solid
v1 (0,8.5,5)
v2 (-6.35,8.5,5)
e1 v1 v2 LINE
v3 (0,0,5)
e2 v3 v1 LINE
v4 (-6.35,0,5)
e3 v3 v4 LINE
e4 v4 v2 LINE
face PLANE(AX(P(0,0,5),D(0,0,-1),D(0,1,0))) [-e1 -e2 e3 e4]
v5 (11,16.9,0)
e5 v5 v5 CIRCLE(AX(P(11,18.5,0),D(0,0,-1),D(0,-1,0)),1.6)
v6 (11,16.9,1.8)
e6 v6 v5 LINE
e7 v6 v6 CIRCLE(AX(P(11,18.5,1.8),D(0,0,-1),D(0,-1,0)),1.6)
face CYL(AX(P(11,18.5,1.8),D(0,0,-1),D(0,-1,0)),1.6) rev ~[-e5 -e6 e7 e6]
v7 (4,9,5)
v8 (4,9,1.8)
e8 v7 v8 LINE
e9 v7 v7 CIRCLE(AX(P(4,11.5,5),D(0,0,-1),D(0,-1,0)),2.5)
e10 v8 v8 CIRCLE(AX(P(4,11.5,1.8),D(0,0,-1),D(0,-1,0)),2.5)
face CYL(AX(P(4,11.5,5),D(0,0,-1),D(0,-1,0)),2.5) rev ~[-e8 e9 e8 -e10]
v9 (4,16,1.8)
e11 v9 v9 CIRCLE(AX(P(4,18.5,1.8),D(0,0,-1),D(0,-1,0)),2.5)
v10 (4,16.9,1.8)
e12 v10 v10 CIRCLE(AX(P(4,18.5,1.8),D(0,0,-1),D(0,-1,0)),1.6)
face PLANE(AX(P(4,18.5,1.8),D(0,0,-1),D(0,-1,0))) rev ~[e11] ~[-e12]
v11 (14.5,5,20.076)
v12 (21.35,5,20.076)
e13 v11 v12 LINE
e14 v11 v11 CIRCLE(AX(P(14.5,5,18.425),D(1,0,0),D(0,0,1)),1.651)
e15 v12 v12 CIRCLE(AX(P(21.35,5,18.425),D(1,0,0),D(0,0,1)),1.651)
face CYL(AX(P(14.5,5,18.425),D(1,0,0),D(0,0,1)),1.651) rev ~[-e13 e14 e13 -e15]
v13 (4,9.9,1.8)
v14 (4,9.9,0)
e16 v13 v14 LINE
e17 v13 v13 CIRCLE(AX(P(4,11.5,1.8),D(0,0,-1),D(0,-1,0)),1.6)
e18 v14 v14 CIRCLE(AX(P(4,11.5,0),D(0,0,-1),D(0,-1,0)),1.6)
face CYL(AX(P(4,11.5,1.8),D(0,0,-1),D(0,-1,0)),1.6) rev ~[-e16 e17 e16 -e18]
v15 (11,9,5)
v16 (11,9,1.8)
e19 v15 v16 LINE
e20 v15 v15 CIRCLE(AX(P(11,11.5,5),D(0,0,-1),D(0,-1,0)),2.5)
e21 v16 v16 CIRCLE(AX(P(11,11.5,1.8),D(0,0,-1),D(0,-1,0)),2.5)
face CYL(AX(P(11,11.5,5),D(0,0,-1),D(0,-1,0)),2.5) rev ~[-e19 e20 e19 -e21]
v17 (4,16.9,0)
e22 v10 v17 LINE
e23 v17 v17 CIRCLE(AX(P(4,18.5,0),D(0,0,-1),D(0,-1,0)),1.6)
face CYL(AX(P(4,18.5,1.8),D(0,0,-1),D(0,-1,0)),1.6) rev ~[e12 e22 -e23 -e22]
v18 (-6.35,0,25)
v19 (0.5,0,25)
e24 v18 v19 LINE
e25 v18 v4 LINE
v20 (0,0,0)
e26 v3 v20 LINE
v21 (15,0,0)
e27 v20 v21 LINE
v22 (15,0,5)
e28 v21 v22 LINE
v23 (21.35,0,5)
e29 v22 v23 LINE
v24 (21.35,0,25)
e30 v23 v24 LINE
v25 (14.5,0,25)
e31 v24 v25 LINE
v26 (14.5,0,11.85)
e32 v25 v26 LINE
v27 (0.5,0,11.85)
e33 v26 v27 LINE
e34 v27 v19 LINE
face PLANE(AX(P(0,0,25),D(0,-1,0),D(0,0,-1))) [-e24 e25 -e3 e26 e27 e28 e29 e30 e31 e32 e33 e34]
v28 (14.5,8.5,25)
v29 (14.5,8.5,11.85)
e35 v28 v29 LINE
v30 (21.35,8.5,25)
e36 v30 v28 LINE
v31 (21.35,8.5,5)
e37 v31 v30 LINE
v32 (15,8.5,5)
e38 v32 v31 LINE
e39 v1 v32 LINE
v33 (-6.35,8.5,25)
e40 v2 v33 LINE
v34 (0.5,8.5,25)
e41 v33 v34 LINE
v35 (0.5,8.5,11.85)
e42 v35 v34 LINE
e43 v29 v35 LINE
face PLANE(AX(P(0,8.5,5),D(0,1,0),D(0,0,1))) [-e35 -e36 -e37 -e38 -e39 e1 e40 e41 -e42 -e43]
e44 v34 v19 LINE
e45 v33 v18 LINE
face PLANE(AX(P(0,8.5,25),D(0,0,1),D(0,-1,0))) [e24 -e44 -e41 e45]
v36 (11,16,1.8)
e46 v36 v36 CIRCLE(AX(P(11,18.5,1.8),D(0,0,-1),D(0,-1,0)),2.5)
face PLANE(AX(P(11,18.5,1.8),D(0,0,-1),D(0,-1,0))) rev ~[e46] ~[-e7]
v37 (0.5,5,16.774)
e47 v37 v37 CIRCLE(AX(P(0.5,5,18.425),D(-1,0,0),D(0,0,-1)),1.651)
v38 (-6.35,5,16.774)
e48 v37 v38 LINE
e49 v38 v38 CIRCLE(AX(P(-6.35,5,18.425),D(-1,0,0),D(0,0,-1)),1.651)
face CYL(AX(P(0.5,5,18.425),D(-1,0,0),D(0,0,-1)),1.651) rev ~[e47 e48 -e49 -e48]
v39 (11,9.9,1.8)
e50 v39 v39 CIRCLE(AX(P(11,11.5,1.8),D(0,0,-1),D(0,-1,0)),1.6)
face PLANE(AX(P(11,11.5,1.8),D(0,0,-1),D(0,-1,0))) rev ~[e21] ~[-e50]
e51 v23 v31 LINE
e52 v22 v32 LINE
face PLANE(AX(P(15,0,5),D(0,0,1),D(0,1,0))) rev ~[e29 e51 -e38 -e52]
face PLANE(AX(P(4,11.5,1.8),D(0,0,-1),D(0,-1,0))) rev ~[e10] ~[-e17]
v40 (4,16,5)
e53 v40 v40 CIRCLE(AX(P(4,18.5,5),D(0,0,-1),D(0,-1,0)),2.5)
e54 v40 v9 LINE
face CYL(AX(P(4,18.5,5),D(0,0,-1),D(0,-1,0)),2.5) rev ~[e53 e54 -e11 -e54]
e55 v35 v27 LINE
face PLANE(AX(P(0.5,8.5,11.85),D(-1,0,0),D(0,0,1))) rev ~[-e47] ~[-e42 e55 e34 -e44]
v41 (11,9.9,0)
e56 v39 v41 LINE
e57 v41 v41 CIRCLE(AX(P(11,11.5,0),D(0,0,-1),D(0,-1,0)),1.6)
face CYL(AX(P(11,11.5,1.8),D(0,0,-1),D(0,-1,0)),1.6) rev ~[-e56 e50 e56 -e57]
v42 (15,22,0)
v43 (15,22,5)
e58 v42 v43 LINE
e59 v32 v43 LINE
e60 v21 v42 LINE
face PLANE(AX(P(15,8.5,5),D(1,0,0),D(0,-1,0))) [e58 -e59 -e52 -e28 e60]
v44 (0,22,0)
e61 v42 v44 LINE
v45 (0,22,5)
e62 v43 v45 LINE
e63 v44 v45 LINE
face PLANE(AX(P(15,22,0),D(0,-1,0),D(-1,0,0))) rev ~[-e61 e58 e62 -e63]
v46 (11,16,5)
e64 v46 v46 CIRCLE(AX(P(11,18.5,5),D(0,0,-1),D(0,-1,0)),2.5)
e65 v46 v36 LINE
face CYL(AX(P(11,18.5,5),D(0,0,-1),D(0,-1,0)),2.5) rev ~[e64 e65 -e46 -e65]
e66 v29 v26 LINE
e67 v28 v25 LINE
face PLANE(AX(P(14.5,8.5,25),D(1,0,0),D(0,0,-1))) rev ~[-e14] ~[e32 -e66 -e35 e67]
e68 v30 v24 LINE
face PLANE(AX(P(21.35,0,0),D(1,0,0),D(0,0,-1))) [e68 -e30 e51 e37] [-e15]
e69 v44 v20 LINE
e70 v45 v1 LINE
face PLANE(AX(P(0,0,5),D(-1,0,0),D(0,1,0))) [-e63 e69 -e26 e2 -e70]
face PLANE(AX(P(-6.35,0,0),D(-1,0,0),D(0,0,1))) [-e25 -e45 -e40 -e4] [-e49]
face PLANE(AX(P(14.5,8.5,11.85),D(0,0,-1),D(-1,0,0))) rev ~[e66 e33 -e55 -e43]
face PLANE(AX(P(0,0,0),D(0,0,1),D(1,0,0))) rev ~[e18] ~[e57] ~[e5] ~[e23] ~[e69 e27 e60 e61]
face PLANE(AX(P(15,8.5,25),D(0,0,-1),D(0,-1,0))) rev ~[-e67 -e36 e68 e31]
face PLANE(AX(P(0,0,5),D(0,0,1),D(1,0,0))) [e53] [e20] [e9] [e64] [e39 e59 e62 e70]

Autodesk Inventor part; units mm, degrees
ref_plane "YZ Plane" through (0, 0, 0) normal (1, 0, 0) x (0, 1, 0)
ref_plane "XZ Plane" through (0, 0, 0) normal (0, 1, 0) x (-1, 0, 0)
ref_plane "XY Plane" through (0, 0, 0) normal (0, 0, 1) x (1, 0, 0)
sketch "Sketch1" plane through (0, 0, 0) normal (0, 0, 1) x (1, 0, 0)
  line L0 (0, 0) -> (15, 0)
  line L1 (15, 0) -> (15, 22)
  line L2 (15, 22) -> (0, 22)
  line L3 (0, 22) -> (0, 0)
  dimension "d0" = 15
  dimension "d1" = 22
extrude "Extrusion1" add sketch "Sketch1" along normal blind 5
sketch "Sketch2" plane through (0, 0, 5) normal (0, 0, 1) x (1, 0, 0)
  circle A0 centre (4, 18.5) radius 2.5
  circle A1 centre (11, 18.5) radius 2.5
  circle A2 centre (4, 11.5) radius 2.5
  circle A3 centre (11, 11.5) radius 2.5
  line L0 (15, 22) -> (0, 22) projected
  line L1 (0, 22) -> (0, 0) projected
  line L2 (15, 0) -> (15, 22) projected
  dimension "d4" = 5
  dimension "d5" = 5
  dimension "d6" = 7
  dimension "d7" = 5
  dimension "d8" = 5
  dimension "d9" = 7
  dimension "d10" = 7
  dimension "d11" = 3.5
  dimension "d12" = 3.5
  dimension "d26" = 4
  dimension "d27" = 4
  dimension "d28" = 4
  dimension "d29" = 4
hole "Hole1" at (4, 18.5, 5) at (4, 11.5, 5) at (11, 18.5, 5) at (11, 11.5, 5) direction (0, 0, -1) diameter 3.2 end through all counterbore diameter 5 counterbore depth 3.2
sketch "Sketch3" plane through (0, 0, 5) normal (0, 0, 1) x (1, 0, 0)
  line L0 (15, 0) -> (0, 0)
  line L1 (0, 0) -> (0, 8.5)
  line L2 (0, 8.5) -> (15, 8.5)
  line L3 (15, 8.5) -> (15, 0)
  line L4 (15, 0) -> (15, 22) projected
  line L5 (0, 22) -> (0, 0) projected
  line L6 (0, 0) -> (15, 0) projected
  dimension "d20" = 8.5
  dimension "d21" = 0
  dimension "d22" = 0
  dimension "d23" = 0
extrude "Extrusion2" add sketch "Sketch3" along normal blind 20
sketch "Sketch4" plane through (0, 8.5, 5) normal (0, 1, 0) x (1, 0, 0)
  line L0 (0.5, -20) -> (14.5, -20)
  line L1 (14.5, -20) -> (14.5, -6.85)
  line L2 (14.5, -6.85) -> (0.5, -6.85)
  line L3 (0.5, -6.85) -> (0.5, -20)
  line L4 (15, -20) -> (0, -20) projected
  line L5 (0, 0) -> (0, -20) projected
  point P0 (0, 5)
  dimension "d30" = 0
  dimension "d31" = 13.15
  dimension "d32" = 14
  dimension "d33" = 0.5
extrude "Extrusion3" cut sketch "Sketch4" against normal blind 8.5
sketch "Sketch6" plane through (0.5, 8.5, 25) normal (1, 0, 0) x (0, 0, -1)
  circle A0 centre (6.575, -3.5) radius 1.5
  line L0 (0, 0) -> (13.15, 0) projected
  line L1 (0, -8.5) -> (0, 0) projected
  point P0 (25, -8.5)
  point P1 (0, -7)
  dimension "d42" = 3
  dimension "d43" = 3.5
  dimension "d44" = 6.575
  dimension "d83" = 13.15
  dimension "d84" = 7
sketch "Sketch7" plane through (14.5, 8.5, 11.85) normal (-1, 0, 0) x (0, 0, 1)
  circle A0 centre (6.575, -3.5) radius 1.5
  line L0 (13.15, 0) -> (13.15, -8.5) projected
  line L1 (0, 0) -> (13.15, 0) projected
  line L2 (0, 0) -> (0, -8.5) projected
  point P0 (-11.85, -8.5)
  point P1 (13.15, -7)
  point P2 (0, -7)
  dimension "d45" = 3
  dimension "d46" = 6.575
  dimension "d47" = 3.5
  dimension "d81" = 13.15
  dimension "d82" = 7
sketch "Sketch8" plane through (15, 0, 0) normal (1, 0, 0) x (0, 0, -1)
  line L0 (0, 0) -> (-25, 0) projected
  line L1 (-5, 8.5) -> (-25, 8.5) projected
  line L2 (-25, 0) -> (-5, 0)
  line L3 (-5, 0) -> (-5, 8.5)
  line L4 (-5, 8.5) -> (-25, 8.5)
  line L5 (-25, 8.5) -> (-25, 0)
extrude "Extrusion5" add sketch "Sketch8" along normal blind 6.35
hole "Hole4" at (14.5, 5, 18.425) direction (1, 0, 0) diameter 3.302 end through all thread size "8-32 UNC" class "2B" standard "ANSI Unified Screw Threads"
sketch "Sketch9" plane through (0, 0, 0) normal (-1, 0, 0) x (0, 0, 1)
  line L0 (5, 8.5) -> (25, 8.5) projected
  line L1 (25, 0) -> (5, 0) projected
  line L2 (5, 8.5) -> (25, 8.5)
  line L3 (25, 8.5) -> (25, 0)
  line L4 (25, 0) -> (5, 0)
  line L5 (5, 0) -> (5, 8.5)
  point P0 (0, 0)
extrude "Extrusion6" add sketch "Sketch9" along normal blind 6.35
hole "Hole5" at (0.5, 5, 18.425) direction (-1, 0, 0) diameter 3.302 end through all thread size "8-32 UNC" class "2B" standard "ANSI Unified Screw Threads"
equation "\"d5\" = d4"
equation "\"d7\" = d4"
equation "\"d8\" = d4"
equation "\"d12\" = d11"
equation "\"d29\" = d26"
equation "\"d18\" = Thickness"
equation "\"d43\" = 0.5 * d84"
equation "\"d44\" = 0.5 * d83"
equation "\"d46\" = 0.5 * d81"
equation "\"d47\" = 0.5 * d82"
equation "\"BendRadius\" = Thickness"
equation "\"BendReliefWidth\" = Thickness"
equation "\"BendReliefDepth\" = 0.5 * Thickness"
equation "\"CornerReliefSize\" = 4 * Thickness"
equation "\"MinimumRemnant\" = 2 * Thickness"
equation "\"TransitionRadius\" = BendRadius"
equation "\"JacobiRadiusSize\" = BendRadius"
equation "\"GapSize\" = Thickness"
equation "\"Thickness\" = 0.5"
properties part number "Sample holder long L_V4"
